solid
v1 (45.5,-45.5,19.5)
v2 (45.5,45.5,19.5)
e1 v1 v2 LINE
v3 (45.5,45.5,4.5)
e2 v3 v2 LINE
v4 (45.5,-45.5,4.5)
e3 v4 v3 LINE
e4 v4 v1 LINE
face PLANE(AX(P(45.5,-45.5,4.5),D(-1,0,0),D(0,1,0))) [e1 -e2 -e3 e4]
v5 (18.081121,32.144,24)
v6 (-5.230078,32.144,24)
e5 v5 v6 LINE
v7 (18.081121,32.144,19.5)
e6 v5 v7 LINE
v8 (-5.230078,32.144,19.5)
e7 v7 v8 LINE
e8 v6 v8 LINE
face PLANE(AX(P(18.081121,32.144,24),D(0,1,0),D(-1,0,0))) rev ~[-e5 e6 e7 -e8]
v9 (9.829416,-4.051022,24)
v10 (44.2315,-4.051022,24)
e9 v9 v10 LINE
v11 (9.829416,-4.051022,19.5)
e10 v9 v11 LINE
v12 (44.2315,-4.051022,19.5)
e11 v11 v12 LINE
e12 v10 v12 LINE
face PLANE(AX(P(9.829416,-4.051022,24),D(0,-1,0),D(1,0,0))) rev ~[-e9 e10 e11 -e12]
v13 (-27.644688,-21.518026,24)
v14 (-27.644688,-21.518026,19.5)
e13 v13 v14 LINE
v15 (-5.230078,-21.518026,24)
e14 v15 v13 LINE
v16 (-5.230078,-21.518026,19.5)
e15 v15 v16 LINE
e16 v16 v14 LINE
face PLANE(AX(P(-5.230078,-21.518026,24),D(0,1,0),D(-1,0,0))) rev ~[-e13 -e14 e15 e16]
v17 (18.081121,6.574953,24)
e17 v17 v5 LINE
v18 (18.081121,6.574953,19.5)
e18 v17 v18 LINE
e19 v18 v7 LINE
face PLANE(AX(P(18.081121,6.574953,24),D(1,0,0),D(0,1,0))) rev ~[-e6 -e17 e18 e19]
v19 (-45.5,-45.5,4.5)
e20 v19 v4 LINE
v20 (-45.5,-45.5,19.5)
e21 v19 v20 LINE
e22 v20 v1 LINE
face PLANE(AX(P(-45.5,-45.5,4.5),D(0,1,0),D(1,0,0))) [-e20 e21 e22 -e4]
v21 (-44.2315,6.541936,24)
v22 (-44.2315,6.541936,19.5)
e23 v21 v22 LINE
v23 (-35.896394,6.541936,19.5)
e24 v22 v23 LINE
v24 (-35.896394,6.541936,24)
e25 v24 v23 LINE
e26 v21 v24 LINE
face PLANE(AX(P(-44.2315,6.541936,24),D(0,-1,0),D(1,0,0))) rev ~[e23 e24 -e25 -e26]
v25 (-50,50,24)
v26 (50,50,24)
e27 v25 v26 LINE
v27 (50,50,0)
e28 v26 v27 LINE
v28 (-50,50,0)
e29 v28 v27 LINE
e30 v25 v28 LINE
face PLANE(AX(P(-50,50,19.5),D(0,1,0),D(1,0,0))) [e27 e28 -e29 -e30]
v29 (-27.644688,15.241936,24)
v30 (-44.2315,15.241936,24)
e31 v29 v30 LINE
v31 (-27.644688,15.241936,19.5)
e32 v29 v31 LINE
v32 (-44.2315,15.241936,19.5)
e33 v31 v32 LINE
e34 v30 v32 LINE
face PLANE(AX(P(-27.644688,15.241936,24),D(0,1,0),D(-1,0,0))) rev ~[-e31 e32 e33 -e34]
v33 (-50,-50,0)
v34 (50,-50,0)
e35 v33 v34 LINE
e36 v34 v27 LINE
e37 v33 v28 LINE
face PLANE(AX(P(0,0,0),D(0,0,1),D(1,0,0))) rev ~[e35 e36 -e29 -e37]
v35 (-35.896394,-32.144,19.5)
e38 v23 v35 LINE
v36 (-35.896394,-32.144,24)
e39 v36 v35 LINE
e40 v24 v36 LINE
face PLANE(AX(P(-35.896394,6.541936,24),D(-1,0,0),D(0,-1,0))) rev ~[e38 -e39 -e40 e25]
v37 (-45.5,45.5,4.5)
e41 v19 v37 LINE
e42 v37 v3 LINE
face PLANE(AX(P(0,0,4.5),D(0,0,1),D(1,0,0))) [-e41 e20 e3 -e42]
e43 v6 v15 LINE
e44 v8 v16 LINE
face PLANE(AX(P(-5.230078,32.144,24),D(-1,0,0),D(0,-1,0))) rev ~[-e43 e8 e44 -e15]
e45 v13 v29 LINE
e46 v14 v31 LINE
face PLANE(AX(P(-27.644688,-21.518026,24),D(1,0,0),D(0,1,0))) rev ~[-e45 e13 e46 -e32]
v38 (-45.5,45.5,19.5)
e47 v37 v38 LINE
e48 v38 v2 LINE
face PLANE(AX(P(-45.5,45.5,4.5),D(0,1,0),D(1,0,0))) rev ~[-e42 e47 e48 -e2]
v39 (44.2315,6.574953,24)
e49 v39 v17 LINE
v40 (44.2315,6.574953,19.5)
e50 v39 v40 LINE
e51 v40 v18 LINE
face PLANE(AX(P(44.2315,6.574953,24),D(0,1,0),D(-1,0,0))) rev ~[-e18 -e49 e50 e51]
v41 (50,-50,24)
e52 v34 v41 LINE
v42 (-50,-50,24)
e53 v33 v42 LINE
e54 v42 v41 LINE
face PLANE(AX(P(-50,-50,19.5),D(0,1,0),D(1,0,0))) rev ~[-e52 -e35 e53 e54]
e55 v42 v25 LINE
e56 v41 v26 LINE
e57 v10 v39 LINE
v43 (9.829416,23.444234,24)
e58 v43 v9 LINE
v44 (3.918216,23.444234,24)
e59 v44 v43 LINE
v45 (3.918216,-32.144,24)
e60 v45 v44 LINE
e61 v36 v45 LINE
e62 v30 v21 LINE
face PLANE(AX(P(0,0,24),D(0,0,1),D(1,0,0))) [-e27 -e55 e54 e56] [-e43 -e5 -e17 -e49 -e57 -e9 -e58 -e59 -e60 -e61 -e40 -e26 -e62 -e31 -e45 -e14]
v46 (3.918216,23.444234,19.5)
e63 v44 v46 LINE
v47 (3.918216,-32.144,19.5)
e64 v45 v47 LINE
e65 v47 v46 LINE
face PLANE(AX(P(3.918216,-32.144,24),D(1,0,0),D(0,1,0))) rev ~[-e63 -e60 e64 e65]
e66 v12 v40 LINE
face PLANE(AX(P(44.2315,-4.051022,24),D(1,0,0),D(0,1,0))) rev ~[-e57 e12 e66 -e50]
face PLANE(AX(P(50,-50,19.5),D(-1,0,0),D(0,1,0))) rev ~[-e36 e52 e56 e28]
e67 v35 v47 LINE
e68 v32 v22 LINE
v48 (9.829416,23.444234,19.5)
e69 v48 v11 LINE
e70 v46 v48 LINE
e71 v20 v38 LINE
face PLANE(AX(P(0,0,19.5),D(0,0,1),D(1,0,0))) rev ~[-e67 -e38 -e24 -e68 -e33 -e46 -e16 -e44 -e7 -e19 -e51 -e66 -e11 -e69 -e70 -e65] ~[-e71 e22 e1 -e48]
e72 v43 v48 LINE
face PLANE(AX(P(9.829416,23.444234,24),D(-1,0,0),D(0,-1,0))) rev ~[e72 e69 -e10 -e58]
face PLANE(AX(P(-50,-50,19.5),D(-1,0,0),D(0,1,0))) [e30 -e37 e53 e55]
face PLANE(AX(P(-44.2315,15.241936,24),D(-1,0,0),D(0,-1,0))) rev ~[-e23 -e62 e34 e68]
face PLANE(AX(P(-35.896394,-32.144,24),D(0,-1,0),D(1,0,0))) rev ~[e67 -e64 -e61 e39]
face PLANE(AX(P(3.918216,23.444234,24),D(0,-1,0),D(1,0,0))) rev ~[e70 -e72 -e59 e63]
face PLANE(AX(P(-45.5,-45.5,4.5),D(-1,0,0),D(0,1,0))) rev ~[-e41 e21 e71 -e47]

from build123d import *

# Parameters (mm, degrees)
F0_W     = 100
F0_H     = 100
F1_DEPTH = 4.5
F2_W     = 100
F2_H     = 100
F2_W_2   = 91
F2_H_2   = 91
F3_DEPTH = 15
F4_W     = 100
F4_H     = 100
F5_DEPTH = 4.5
F7_DEPTH = 6


with BuildPart() as f1:
    # F0 (on Top) → F1 (new body)
    with BuildSketch(Plane.XY):
        Rectangle(F0_W, F0_H)
    extrude(amount=F1_DEPTH)

    # F2 (on face) → F3 (join)
    with BuildSketch(Plane.XY.offset(4.5)):
        Rectangle(F2_W, F2_H)
        Rectangle(F2_W_2, F2_H_2, mode=Mode.SUBTRACT)
    extrude(amount=F3_DEPTH)

    # F4 (on face) → F5 (join)
    with BuildSketch(Plane.XY.offset(19.5)):
        Rectangle(F4_W, F4_H)
    extrude(amount=F5_DEPTH)

    # F6 (on face) → F7 (cut)
    with BuildSketch(Plane.XY.offset(24)):
        Polygon((44.2315, -2.125047), (44.2315, 6.574953), (18.081121, 6.574953), (18.081121, 32.144), (-5.230078, 32.144), (-5.230078, -21.518026), (-27.644688, -21.518026), (-27.644688, 15.241936), (-44.2315, 15.241936), (-44.2315, 6.541936), (-35.896394, 6.541936), (-35.896394, -32.144), (3.918216, -32.144), (3.918216, 23.444234), (9.829416, 23.444234), (9.829416, -4.051022), (44.2315, -4.051022), align=None)
    extrude(amount=-F7_DEPTH, mode=Mode.SUBTRACT)


solid = f1.part
